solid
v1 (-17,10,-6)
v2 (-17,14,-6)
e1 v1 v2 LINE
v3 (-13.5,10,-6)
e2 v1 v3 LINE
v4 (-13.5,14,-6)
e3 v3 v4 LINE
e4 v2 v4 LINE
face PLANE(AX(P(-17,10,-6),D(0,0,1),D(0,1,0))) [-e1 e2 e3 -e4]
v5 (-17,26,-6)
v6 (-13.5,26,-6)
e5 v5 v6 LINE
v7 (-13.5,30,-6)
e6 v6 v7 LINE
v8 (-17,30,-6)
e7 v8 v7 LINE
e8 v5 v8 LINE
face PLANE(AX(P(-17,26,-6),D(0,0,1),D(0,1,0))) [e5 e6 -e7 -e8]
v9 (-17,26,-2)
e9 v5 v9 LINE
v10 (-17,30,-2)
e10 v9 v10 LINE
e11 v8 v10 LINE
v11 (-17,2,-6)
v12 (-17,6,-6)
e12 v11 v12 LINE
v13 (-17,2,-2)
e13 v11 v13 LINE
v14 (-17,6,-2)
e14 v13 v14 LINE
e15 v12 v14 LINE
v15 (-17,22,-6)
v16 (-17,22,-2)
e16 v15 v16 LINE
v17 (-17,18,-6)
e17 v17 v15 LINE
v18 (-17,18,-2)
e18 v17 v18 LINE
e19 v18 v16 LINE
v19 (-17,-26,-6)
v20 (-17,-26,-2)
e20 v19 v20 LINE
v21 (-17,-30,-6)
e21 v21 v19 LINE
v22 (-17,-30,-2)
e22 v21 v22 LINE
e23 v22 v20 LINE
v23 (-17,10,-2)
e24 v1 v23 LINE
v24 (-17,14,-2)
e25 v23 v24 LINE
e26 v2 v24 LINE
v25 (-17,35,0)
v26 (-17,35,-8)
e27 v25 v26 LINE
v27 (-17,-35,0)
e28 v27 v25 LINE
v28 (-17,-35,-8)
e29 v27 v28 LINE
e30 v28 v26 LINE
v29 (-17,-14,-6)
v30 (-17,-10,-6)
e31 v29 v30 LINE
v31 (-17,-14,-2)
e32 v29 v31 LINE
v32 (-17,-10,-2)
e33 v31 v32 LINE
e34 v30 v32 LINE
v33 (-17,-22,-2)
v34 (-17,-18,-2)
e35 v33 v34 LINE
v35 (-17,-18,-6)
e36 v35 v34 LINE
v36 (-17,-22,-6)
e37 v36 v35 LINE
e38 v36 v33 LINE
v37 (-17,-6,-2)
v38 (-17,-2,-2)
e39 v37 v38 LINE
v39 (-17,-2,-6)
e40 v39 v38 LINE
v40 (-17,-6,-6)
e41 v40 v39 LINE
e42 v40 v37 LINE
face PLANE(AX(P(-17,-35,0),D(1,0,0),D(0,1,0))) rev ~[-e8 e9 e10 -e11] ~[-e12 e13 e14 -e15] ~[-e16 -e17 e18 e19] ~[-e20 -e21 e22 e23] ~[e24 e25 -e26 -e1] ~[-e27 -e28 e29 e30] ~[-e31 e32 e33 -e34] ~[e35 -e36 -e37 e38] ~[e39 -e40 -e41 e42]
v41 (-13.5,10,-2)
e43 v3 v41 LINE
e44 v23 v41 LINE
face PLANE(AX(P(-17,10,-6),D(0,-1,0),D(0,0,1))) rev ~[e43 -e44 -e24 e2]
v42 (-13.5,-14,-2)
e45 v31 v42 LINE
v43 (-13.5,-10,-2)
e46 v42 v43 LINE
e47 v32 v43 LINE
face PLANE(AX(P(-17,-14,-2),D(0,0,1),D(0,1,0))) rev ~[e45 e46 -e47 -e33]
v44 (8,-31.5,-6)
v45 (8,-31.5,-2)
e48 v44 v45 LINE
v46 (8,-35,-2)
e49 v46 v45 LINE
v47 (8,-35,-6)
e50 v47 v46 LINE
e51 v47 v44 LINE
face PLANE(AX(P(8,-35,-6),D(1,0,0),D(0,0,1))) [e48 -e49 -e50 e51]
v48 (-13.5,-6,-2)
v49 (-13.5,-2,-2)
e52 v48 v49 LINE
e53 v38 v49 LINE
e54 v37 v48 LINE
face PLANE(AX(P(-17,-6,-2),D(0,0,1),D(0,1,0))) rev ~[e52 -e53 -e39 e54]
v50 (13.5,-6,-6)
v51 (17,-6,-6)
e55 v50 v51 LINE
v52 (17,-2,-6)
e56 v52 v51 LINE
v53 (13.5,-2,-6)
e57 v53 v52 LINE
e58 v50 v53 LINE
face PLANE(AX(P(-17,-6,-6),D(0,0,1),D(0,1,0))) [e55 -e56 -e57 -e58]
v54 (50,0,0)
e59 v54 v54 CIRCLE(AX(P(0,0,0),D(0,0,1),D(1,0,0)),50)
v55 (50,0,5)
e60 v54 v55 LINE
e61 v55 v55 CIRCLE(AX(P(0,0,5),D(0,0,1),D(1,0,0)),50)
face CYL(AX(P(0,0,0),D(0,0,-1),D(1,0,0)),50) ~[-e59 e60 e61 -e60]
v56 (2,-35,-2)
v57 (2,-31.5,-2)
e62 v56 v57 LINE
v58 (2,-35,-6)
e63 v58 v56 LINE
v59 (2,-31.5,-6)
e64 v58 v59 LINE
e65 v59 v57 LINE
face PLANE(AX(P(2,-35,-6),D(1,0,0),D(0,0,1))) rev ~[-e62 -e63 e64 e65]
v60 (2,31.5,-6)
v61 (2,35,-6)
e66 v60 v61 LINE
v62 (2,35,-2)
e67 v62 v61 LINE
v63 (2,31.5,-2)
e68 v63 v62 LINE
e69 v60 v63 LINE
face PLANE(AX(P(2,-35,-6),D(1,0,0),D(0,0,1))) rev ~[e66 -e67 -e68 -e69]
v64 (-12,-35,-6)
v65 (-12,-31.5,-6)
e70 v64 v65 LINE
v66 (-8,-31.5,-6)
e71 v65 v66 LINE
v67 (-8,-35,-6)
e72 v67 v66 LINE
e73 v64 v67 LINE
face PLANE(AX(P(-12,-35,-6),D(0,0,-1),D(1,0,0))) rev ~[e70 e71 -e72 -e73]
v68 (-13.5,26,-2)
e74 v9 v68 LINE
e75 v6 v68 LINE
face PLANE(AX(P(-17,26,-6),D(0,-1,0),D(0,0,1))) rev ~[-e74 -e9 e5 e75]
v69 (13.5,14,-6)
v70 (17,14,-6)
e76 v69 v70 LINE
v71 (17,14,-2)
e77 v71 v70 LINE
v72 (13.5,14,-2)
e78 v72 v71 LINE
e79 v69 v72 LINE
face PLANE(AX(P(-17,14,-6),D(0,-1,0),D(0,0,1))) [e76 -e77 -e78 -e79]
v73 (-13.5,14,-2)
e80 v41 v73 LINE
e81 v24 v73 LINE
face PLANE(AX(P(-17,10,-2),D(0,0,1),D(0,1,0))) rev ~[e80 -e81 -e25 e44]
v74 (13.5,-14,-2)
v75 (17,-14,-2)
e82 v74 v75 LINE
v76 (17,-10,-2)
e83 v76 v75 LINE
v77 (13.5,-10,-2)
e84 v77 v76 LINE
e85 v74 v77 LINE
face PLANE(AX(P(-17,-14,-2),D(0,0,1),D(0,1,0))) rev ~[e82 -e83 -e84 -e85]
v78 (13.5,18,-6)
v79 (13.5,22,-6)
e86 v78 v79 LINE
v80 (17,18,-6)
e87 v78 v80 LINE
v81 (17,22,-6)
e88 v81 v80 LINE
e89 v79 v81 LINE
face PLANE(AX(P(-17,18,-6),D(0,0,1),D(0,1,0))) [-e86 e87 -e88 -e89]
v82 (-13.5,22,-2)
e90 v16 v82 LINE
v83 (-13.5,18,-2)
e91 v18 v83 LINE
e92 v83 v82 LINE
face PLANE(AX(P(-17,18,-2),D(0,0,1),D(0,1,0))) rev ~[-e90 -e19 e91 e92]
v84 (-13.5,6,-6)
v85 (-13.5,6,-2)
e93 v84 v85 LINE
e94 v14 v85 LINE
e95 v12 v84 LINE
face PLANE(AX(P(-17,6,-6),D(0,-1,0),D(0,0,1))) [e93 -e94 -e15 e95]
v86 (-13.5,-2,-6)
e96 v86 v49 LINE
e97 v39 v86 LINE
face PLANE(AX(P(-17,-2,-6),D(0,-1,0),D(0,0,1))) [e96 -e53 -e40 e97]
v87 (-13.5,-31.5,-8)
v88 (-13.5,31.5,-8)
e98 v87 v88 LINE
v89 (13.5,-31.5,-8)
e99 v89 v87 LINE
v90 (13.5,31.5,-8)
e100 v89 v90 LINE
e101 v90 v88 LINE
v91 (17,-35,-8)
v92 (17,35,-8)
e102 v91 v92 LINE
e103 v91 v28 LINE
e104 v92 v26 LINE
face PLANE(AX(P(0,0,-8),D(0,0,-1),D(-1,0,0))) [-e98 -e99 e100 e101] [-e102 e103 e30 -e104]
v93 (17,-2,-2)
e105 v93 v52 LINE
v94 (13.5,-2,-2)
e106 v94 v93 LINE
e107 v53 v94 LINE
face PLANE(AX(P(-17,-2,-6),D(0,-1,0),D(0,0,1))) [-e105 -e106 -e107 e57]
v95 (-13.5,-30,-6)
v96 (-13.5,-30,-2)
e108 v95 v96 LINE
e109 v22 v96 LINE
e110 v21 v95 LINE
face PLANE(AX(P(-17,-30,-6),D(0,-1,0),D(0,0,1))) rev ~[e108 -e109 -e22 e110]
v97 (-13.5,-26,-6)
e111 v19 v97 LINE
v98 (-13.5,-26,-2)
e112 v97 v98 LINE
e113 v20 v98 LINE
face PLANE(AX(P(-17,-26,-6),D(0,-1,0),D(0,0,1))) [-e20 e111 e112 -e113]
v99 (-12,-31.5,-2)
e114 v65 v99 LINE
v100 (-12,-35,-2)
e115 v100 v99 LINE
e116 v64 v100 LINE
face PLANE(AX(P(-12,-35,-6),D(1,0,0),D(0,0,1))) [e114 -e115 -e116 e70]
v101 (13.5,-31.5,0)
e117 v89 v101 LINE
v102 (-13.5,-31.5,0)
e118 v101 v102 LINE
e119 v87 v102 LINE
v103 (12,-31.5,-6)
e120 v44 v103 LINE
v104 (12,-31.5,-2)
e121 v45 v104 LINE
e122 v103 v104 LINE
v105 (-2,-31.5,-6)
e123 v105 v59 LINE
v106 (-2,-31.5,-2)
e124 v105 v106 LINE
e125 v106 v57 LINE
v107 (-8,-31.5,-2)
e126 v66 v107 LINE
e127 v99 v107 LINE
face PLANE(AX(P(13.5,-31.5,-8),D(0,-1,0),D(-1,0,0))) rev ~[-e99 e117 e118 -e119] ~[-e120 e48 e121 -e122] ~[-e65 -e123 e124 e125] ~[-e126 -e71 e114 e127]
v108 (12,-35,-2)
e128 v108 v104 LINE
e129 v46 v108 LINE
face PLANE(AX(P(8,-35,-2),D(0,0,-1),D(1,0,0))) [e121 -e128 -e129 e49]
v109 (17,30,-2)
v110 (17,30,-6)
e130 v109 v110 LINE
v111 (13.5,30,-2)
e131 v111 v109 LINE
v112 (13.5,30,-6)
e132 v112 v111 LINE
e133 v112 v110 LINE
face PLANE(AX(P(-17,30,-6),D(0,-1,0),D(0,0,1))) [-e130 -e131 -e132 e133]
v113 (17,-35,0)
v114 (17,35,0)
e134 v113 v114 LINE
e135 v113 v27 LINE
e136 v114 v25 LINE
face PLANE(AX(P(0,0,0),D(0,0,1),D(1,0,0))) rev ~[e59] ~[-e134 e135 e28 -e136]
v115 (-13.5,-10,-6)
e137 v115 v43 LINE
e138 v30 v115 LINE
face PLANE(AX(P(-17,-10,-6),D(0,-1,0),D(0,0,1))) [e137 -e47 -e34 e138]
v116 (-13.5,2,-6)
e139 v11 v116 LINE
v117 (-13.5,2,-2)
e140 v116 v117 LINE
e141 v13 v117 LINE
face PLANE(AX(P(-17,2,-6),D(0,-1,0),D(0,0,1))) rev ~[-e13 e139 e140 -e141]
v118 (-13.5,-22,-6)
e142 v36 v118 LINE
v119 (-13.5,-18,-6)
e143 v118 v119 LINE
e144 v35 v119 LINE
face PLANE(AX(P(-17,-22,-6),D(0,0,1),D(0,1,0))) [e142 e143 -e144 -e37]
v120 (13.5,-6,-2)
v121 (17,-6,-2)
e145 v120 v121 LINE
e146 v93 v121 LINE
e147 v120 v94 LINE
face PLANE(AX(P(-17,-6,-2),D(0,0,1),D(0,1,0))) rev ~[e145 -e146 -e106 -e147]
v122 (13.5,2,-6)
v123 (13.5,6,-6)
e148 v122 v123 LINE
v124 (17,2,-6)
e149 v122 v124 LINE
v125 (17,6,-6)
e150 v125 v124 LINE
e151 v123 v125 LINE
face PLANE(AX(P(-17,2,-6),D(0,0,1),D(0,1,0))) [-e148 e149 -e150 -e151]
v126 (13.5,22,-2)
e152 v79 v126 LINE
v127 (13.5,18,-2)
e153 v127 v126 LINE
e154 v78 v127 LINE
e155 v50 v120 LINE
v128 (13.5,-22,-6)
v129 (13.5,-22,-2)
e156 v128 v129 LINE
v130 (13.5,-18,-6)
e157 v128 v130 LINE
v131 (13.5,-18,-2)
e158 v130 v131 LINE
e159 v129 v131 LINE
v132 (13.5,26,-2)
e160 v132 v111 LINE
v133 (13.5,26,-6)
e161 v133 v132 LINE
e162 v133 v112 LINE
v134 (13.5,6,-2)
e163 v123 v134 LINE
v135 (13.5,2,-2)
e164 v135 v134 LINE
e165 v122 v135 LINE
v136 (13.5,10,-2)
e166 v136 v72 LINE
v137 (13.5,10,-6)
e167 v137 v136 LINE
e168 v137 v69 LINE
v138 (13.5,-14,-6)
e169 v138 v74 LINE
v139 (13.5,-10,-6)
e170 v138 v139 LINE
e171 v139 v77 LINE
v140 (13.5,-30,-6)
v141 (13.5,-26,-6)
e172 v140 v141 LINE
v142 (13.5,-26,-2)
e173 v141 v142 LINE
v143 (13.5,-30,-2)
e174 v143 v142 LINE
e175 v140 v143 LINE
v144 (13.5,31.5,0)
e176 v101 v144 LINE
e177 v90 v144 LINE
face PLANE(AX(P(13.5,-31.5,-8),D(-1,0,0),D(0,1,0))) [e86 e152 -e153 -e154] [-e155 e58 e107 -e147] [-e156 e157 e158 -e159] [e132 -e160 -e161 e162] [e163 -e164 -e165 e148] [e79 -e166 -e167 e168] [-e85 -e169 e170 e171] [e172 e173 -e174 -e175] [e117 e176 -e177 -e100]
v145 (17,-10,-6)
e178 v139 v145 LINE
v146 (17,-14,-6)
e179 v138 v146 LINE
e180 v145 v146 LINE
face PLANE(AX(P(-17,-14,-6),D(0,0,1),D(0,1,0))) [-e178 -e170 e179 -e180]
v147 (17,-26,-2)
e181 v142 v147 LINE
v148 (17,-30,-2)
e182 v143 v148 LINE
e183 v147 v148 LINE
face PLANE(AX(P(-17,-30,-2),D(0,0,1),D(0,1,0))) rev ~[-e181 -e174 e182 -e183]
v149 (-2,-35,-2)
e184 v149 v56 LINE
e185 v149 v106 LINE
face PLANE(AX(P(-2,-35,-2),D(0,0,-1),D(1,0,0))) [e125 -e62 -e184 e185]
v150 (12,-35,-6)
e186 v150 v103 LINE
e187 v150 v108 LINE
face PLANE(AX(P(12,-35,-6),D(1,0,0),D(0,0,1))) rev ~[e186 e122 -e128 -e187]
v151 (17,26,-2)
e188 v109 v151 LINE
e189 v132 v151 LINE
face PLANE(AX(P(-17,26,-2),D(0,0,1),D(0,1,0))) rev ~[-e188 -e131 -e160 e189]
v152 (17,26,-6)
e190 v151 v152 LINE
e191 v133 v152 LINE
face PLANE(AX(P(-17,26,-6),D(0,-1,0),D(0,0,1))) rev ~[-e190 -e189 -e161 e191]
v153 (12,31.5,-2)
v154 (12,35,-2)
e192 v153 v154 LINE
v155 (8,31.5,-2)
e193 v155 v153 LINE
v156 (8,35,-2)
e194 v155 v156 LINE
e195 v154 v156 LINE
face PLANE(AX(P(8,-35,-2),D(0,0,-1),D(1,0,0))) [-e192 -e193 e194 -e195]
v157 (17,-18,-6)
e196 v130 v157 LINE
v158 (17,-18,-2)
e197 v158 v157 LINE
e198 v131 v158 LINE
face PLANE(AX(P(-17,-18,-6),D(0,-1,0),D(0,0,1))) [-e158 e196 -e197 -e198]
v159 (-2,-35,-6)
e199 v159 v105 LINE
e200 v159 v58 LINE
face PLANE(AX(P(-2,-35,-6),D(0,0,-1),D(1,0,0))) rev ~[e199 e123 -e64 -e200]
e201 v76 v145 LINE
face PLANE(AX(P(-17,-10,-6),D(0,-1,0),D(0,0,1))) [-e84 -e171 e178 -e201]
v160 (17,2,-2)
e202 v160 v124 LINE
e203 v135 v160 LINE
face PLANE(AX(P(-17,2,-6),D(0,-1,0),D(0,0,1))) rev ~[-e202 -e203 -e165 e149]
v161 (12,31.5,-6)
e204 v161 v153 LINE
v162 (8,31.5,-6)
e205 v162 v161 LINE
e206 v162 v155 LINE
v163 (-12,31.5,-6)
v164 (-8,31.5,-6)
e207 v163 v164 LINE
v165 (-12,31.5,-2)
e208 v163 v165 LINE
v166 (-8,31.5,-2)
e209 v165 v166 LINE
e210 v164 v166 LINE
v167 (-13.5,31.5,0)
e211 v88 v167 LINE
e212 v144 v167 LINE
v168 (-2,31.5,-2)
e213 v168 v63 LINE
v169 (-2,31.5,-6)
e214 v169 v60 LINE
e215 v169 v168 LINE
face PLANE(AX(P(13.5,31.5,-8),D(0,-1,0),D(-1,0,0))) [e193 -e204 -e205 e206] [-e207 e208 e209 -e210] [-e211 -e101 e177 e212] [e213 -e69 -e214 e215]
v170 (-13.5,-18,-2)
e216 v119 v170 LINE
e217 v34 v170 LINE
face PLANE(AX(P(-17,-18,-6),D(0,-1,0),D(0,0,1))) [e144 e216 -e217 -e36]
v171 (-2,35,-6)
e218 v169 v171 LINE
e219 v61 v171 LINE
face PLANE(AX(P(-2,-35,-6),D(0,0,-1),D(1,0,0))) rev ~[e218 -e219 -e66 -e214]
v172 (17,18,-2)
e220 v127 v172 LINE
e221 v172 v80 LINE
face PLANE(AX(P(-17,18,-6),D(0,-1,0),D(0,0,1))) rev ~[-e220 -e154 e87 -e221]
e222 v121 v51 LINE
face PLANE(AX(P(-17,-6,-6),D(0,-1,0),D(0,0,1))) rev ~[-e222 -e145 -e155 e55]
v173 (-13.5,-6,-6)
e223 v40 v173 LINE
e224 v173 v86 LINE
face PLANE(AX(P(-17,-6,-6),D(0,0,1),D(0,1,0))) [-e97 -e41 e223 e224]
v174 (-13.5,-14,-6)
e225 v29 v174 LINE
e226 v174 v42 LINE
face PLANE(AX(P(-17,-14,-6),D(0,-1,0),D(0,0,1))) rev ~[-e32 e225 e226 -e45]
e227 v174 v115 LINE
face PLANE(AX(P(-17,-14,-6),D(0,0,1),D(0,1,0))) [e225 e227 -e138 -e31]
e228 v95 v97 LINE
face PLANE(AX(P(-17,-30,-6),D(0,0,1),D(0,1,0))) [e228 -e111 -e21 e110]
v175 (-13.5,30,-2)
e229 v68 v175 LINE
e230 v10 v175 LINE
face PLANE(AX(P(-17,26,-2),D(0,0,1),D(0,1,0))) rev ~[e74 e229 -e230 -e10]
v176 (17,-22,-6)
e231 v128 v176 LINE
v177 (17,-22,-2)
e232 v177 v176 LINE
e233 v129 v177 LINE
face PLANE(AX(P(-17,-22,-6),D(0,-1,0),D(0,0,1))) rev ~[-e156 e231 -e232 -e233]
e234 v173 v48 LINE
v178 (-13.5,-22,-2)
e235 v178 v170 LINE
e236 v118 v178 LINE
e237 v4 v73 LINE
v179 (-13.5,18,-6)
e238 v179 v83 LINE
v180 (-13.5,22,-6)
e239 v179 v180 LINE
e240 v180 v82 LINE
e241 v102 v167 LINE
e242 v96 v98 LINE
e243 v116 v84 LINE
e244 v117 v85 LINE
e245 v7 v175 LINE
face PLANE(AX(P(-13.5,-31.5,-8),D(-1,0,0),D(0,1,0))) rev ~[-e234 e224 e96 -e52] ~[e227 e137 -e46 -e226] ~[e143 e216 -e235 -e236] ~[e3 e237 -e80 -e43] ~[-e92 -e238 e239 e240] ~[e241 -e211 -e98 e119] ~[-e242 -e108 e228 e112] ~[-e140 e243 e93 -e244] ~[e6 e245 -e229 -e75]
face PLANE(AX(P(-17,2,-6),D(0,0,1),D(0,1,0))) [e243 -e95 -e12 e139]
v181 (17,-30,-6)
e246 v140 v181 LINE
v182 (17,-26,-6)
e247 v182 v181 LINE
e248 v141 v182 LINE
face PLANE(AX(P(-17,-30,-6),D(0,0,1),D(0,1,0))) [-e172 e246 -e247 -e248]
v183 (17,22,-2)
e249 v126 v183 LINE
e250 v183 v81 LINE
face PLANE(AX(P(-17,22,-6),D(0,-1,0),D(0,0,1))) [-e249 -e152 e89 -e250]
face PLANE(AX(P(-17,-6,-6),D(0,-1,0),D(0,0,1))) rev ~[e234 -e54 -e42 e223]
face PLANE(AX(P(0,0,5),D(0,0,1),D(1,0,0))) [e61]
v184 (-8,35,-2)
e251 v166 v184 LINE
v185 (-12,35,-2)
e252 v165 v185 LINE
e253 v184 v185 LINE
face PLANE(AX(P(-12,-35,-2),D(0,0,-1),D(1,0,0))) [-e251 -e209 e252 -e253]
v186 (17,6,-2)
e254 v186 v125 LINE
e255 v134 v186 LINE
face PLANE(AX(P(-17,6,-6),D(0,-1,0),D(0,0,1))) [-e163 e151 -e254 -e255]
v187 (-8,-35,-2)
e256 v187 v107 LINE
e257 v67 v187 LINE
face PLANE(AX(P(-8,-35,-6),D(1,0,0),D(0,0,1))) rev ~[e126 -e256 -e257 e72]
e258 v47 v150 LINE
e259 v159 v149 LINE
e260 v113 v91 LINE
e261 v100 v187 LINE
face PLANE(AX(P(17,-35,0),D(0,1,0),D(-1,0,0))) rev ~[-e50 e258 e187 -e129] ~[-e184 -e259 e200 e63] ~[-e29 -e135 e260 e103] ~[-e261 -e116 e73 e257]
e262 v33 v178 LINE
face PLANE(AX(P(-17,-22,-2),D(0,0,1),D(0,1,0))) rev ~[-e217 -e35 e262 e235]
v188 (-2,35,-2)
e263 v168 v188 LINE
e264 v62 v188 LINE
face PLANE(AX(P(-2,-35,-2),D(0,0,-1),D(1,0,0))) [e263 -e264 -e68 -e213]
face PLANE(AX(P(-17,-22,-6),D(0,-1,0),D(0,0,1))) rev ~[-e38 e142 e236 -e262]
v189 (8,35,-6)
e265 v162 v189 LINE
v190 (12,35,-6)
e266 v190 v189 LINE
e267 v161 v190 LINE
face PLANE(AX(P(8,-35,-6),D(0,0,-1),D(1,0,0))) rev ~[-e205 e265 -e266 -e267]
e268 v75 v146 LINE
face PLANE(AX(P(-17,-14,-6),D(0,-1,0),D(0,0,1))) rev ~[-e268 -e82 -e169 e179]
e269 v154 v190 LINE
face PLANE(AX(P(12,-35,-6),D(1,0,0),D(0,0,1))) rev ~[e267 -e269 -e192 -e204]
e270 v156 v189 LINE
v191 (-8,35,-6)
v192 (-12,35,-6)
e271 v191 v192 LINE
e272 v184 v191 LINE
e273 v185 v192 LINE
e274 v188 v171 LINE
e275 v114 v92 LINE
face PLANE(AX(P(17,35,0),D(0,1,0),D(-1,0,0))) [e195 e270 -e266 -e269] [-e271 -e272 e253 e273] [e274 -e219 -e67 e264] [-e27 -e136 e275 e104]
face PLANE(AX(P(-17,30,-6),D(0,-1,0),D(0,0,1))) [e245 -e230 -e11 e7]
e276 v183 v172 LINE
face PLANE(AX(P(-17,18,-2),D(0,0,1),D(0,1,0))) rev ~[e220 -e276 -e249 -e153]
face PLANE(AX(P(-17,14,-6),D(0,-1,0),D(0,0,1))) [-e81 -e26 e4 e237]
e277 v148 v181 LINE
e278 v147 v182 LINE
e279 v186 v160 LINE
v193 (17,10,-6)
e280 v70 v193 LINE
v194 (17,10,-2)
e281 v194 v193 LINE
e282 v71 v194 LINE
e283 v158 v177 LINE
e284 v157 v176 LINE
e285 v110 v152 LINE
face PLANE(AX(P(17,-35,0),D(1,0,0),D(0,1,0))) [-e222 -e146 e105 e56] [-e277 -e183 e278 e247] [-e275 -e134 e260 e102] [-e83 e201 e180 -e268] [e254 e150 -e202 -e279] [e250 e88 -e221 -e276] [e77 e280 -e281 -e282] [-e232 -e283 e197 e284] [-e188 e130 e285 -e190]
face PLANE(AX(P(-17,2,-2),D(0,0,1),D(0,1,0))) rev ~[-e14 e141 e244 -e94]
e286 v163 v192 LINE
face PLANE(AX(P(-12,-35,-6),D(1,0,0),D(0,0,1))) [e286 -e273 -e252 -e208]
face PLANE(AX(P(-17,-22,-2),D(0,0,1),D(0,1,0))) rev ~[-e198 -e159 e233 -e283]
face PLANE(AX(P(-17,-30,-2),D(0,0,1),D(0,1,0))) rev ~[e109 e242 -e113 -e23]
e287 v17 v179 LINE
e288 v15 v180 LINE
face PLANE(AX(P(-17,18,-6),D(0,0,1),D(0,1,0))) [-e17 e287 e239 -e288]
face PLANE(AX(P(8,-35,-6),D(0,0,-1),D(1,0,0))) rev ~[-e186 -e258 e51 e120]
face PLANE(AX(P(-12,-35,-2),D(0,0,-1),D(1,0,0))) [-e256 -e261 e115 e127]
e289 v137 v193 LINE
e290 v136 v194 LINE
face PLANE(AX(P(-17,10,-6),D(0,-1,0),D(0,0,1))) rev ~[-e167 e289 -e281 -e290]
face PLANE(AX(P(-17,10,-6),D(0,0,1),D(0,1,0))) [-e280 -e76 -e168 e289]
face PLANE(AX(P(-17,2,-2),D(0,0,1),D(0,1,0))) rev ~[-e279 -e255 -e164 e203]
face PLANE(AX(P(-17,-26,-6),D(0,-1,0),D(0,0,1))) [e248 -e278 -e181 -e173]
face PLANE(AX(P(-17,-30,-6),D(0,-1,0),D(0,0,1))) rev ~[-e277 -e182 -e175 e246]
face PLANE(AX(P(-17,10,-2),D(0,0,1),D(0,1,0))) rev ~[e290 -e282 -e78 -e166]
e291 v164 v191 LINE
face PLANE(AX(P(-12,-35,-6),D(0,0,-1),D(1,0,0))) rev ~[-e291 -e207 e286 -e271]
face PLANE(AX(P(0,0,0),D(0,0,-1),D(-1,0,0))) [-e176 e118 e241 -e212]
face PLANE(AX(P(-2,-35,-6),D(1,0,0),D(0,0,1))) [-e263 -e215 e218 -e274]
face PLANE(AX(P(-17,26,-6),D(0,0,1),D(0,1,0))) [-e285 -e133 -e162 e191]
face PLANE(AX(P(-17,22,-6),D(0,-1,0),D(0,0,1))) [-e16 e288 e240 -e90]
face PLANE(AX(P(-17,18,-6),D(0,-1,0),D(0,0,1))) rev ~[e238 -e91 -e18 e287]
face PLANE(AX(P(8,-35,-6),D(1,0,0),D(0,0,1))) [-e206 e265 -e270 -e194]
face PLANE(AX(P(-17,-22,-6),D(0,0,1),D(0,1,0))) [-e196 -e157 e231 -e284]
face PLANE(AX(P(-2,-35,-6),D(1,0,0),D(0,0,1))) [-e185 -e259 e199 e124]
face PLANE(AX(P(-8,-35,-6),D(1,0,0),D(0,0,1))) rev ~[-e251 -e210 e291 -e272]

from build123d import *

# Parameters (mm, degrees)
SKETCH1_R           = 50
BOSS_EXTRUDE1_DEPTH = 5
SKETCH2_W           = 34
SKETCH2_H           = 70
BOSS_EXTRUDE3_DEPTH = 8
SKETCH3_W           = 27
SKETCH3_H           = 63
CUT_EXTRUDE1_DEPTH  = 8
SKETCH4_W           = 4
SKETCH4_H           = 4
CUT_EXTRUDE2_DEPTH  = 99.939375377
LPATTERN1_COUNT     = 3
LPATTERN1_PITCH     = 10
SKETCH5_W           = 4
SKETCH5_H           = 4
CUT_EXTRUDE3_DEPTH  = 84.982140959
LPATTERN2_COUNT     = 8
LPATTERN2_PITCH     = 8


with BuildPart() as part:
    # Sketch1 → Boss-Extrude1 (new body)
    with BuildSketch(Plane.XY):
        Circle(SKETCH1_R)
    extrude(amount=BOSS_EXTRUDE1_DEPTH)

    # Sketch2 → Boss-Extrude3 (add)
    with BuildSketch(Plane(origin=(0, 0, 0), x_dir=(-1, 0, 0), z_dir=(0, 0, -1))):
        Rectangle(SKETCH2_W, SKETCH2_H)
    extrude(amount=BOSS_EXTRUDE3_DEPTH)

    # Sketch3 → Cut-Extrude1 (cut)
    with BuildSketch(Plane(origin=(0, 0, -8), x_dir=(-1, 0, 0), z_dir=(0, 0, -1))):
        Rectangle(SKETCH3_W, SKETCH3_H)
    extrude(amount=-CUT_EXTRUDE1_DEPTH, mode=Mode.SUBTRACT)

    # Sketch4 → Cut-Extrude2 (cut, through all)
    with BuildSketch(Plane.XZ.offset(35)):
        with Locations((-10, -4)):
            Rectangle(SKETCH4_W, SKETCH4_H)
    cut_extrude2 = extrude(amount=-CUT_EXTRUDE2_DEPTH, mode=Mode.SUBTRACT)

    # LPattern1: Cut-Extrude2 ×3
    with Locations(*[(i * LPATTERN1_PITCH, 0, 0) for i in range(1, LPATTERN1_COUNT)]):
        add(cut_extrude2, mode=Mode.SUBTRACT)

    # Sketch5 → Cut-Extrude3 (cut, through all)
    with BuildSketch(Plane.ZY.offset(17)):
        with Locations((-4, 28)):
            Rectangle(SKETCH5_W, SKETCH5_H)
    cut_extrude3 = extrude(amount=-CUT_EXTRUDE3_DEPTH, mode=Mode.SUBTRACT)

    # LPattern2: Cut-Extrude3 ×8
    with Locations(*[(0, -i * LPATTERN2_PITCH, 0) for i in range(1, LPATTERN2_COUNT)]):
        add(cut_extrude3, mode=Mode.SUBTRACT)


solid = part.part
